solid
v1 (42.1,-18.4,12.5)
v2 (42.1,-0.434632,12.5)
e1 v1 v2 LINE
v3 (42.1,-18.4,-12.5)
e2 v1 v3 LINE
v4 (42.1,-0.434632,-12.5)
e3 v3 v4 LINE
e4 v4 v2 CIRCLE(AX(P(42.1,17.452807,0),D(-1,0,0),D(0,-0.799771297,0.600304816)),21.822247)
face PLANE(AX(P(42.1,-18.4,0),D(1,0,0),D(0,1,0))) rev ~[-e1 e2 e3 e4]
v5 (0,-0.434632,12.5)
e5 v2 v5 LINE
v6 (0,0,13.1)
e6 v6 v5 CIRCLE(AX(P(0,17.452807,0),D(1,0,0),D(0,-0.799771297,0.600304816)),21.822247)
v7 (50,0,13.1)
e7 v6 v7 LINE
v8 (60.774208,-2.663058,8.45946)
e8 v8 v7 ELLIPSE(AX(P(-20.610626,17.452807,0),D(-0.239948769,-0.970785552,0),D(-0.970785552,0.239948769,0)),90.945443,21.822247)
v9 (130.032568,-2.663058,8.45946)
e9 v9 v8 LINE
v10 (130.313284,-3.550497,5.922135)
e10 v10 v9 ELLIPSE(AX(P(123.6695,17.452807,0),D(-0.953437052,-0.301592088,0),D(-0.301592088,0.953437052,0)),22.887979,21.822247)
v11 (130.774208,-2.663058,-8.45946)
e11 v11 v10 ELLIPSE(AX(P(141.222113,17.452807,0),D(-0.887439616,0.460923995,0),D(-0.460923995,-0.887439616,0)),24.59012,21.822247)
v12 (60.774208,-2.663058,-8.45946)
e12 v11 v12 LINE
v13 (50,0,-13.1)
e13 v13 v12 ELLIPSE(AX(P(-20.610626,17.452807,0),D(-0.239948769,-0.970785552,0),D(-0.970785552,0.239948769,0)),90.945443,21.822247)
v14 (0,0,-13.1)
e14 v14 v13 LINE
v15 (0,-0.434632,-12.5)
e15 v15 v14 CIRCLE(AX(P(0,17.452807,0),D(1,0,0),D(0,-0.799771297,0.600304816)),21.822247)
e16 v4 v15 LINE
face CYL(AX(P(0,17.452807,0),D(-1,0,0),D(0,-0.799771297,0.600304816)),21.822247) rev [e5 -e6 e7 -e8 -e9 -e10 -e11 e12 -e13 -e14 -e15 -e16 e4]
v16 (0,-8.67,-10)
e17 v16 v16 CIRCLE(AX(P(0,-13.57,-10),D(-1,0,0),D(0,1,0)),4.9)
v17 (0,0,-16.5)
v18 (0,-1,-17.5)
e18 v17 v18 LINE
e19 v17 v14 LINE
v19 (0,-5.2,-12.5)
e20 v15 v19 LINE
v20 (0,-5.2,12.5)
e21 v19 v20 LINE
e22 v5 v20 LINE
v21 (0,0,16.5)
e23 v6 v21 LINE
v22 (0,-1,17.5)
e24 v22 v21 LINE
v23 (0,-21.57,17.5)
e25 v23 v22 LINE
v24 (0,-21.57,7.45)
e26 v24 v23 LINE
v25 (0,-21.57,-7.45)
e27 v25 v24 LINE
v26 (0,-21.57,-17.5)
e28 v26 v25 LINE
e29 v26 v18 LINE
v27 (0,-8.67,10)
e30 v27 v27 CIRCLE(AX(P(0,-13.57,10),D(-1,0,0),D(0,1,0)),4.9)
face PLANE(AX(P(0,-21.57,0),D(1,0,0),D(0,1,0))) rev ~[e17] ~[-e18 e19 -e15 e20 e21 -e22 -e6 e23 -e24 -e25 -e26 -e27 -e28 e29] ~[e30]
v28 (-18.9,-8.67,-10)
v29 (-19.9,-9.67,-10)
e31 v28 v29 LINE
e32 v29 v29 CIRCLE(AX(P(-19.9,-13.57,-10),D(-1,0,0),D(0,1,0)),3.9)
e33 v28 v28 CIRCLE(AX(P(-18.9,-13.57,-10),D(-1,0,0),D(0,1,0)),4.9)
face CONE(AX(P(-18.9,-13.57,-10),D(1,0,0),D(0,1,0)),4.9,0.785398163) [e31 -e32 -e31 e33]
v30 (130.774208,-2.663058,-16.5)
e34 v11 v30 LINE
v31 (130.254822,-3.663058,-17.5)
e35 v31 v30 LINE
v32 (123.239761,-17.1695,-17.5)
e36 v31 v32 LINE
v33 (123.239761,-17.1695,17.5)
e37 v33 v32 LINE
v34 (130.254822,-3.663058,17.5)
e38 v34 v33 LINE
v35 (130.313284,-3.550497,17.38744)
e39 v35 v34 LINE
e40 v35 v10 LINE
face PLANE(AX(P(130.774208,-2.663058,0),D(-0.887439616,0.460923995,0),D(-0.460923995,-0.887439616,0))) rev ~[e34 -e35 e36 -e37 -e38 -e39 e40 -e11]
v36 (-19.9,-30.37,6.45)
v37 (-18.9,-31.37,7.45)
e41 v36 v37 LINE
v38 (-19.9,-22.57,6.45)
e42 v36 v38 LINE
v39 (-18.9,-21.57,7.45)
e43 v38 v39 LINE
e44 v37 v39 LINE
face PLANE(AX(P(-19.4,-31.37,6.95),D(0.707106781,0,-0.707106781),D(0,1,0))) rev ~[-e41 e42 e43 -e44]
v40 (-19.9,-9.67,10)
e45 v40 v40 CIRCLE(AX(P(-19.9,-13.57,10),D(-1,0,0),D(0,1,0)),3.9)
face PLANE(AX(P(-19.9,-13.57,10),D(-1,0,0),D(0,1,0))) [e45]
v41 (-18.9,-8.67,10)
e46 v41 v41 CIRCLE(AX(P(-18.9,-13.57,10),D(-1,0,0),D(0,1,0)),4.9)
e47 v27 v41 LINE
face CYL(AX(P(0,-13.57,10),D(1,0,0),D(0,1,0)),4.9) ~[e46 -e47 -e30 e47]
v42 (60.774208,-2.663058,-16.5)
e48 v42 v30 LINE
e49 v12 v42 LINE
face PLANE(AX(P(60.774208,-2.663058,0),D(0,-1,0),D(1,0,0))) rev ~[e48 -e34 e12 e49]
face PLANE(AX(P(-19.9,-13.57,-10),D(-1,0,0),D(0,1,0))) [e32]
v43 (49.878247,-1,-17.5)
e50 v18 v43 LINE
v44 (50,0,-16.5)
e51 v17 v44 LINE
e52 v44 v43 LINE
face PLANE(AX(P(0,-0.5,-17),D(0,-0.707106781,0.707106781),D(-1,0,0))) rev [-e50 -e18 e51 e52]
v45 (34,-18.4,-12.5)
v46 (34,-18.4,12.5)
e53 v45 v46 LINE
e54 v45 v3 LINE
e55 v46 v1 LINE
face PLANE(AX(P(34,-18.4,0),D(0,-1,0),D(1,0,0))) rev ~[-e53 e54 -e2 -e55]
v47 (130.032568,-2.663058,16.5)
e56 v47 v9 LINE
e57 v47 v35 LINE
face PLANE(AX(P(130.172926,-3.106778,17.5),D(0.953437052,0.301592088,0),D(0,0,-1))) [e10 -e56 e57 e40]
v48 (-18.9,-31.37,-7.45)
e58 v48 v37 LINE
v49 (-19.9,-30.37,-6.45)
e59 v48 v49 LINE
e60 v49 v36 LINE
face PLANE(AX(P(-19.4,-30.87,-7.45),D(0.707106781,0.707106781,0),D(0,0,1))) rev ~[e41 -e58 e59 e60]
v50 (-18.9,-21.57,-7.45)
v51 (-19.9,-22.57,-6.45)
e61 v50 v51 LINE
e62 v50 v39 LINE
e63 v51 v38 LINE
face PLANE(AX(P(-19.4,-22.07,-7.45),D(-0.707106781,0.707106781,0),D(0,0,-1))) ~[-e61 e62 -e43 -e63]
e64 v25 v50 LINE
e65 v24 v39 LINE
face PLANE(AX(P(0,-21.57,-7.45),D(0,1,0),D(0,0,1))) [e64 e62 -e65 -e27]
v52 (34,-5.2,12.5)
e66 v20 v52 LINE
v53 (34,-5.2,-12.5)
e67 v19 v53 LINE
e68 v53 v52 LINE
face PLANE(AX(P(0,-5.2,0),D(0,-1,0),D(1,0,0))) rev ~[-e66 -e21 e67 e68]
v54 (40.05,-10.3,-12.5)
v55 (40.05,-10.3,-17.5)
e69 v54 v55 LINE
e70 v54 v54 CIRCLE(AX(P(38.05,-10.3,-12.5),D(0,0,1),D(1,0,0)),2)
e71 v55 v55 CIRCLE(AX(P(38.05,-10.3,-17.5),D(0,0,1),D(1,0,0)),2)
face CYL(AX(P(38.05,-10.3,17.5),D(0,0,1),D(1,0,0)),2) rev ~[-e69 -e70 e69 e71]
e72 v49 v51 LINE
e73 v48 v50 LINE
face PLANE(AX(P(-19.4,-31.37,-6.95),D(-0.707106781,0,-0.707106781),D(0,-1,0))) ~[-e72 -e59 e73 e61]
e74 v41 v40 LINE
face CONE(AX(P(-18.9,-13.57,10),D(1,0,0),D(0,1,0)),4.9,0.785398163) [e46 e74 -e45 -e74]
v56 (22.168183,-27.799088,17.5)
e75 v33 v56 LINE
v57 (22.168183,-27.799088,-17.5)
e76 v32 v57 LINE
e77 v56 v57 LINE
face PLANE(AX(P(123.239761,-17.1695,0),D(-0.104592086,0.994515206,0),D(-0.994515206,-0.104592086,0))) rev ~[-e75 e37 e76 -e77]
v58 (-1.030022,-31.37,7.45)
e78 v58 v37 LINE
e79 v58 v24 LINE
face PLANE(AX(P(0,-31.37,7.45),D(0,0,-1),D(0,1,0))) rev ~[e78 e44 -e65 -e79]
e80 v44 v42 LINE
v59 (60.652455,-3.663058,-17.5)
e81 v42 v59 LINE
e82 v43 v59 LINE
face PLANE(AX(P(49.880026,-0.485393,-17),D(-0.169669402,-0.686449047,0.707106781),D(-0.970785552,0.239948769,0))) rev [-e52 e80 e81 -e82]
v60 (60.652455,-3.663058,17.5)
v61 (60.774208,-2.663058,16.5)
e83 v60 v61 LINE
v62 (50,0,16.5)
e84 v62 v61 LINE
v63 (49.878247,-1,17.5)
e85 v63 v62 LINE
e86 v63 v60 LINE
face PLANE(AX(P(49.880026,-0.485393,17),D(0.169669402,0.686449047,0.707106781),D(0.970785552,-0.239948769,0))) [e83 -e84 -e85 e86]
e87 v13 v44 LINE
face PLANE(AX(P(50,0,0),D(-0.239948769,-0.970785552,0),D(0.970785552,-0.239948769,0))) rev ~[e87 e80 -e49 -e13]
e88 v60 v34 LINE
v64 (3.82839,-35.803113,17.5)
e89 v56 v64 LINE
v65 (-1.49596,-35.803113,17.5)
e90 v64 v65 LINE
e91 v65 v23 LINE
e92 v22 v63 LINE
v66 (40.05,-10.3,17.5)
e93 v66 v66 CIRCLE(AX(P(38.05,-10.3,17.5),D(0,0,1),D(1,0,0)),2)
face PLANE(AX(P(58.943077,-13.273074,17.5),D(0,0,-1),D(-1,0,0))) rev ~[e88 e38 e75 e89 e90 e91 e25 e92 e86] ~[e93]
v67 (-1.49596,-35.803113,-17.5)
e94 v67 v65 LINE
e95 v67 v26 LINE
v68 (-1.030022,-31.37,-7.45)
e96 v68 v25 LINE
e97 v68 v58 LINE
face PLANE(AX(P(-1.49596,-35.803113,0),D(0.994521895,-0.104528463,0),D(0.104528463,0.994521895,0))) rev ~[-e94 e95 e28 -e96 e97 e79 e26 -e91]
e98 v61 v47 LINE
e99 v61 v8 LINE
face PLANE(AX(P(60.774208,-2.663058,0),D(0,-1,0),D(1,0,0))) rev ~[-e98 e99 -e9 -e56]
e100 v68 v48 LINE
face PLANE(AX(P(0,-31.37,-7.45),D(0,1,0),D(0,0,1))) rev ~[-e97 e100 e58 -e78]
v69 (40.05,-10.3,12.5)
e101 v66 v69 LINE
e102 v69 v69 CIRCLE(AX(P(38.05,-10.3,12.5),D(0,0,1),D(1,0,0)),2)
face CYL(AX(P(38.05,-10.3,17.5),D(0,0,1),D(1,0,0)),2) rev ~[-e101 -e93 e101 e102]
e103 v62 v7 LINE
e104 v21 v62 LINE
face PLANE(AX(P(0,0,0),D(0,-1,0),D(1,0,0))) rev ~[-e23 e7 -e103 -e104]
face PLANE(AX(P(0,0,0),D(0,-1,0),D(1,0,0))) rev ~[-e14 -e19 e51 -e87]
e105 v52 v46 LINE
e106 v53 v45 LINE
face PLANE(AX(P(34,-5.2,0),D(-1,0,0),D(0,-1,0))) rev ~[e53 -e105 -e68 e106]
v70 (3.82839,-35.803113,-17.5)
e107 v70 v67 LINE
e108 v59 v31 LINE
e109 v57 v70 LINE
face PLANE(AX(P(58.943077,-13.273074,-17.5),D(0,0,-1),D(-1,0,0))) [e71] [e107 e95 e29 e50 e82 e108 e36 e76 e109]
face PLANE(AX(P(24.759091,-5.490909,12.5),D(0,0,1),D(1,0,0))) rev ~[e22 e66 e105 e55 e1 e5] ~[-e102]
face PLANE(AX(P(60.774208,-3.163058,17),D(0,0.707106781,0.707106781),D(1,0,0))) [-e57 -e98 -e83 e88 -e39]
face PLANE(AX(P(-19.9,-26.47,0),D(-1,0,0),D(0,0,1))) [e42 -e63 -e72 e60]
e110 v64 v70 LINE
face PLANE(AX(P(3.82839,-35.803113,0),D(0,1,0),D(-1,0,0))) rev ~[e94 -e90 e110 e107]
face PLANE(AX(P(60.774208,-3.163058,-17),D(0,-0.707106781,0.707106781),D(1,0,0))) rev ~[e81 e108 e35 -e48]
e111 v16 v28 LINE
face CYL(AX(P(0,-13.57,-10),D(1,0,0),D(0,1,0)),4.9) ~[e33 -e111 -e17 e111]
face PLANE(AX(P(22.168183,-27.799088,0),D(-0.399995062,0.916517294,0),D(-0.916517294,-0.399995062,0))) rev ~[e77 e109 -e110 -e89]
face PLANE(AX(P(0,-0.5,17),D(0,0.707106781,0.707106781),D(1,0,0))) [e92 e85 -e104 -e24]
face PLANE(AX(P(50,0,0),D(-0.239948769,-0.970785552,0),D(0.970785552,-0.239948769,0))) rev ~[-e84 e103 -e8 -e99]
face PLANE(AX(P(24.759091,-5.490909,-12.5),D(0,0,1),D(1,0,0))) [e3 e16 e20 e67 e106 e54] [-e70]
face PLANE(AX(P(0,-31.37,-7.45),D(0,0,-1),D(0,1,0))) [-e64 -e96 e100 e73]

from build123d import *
from OCP.BRepFilletAPI import BRepFilletAPI_MakeChamfer

# Parameters (mm, degrees)
EXTRUDE_1_DEPTH     = 17.5
CUT_EXTRUDE_1_DEPTH = 12.5
CUT_EXTRUDE_2_DEPTH = 135
CHAMFER_1_SIZE      = 1
CHAMFER_1_SIZE2     = 0.741639712
SKETCH_4_R          = 4.9
SKETCH_4_W          = 14.9
SKETCH_4_H          = 9.8
EXTRUDE_2_DEPTH     = 19.9
CHAMFER_2_SIZE      = 1
SKETCH_8_R          = 2
CUT_EXTRUDE_5_DEPTH = 141.031269382


with BuildPart() as part:
    # 스케치1 → 보스-돌출1 (new, symmetric)
    with BuildSketch(Plane.XY):
        Polygon((0, 0), (50, 0), (60.774208204, -2.663057759), (130.774208204, -2.663057759), (123.239760601, -17.169499956), (22.168183174, -27.799088209), (3.828389762, -35.803112621), (-1.495960418, -35.803112621), (0, -21.57), align=None)
    extrude(amount=EXTRUDE_1_DEPTH, both=True)

    # 스케치2 → 컷-돌출1 (cut, symmetric)
    with BuildSketch(Plane.XY):
        Polygon((0, 0), (0, -5.2), (34, -5.2), (34, -18.4), (42.1, -18.4), (42.1, 0), align=None)
    extrude(amount=CUT_EXTRUDE_1_DEPTH, both=True, mode=Mode.SUBTRACT)

    # 스케치3 → 컷-돌출2 (cut)
    with BuildSketch(Plane(origin=(0, 0, 0), x_dir=(0, 0, -1), z_dir=(1, 0, 0))):
        with BuildLine():
            Line((13.1, 0), (-13.1, 0))
            ThreePointArc((-13.1, 0), (0, -4.369440217), (13.1, 0))
        make_face()
    extrude(amount=CUT_EXTRUDE_2_DEPTH, mode=Mode.SUBTRACT)

    # 모따기1: one chamfer whose edges measure the first distance from different faces: ONE call of the kernel's chamfer builder (chamfer() names one face for all edges)
    chamfer_1_edges_1 = [part.edges().sort_by_distance(p)[0] for p in [
        (130.774208204, -2.663057759, 12.979729839),
    ]]
    chamfer_1_side_1 = [part.faces().sort_by_distance(p)[0] for p in [
        (126.871435624, -10.177257582, 0),
    ]]
    chamfer_1_edges_2 = [part.edges().sort_by_distance(p)[0] for p in [
        (95.774208204, -2.663057759, 17.5),
        (55.387104102, -1.331528879, 17.5),
        (25, 0, 17.5),
        (25, 0, -17.5),
        (55.387104102, -1.331528879, -17.5),
        (95.774208204, -2.663057759, -17.5),
    ]]
    chamfer_1 = BRepFilletAPI_MakeChamfer(part.part.solid().wrapped)
    for e in chamfer_1_edges_1:
        chamfer_1.Add(CHAMFER_1_SIZE, CHAMFER_1_SIZE2, e.wrapped, chamfer_1_side_1[0].wrapped)  # the first distance lies on this face
    for e in chamfer_1_edges_2:
        chamfer_1.Add(CHAMFER_1_SIZE, e.wrapped)
    add(Compound.cast(chamfer_1.Shape()), mode=Mode.REPLACE)

    # 스케치4 → 보스-돌출2 (add)
    with BuildSketch(Plane.ZY):
        with Locations(Location((10, -13.57, 0), (0, 0, 90))):
            Circle(SKETCH_4_R)
        with Locations(Location((-10, -13.57, 0), (0, 0, 90))):
            Circle(SKETCH_4_R)
        with Locations((0, -26.47)):
            Rectangle(SKETCH_4_W, SKETCH_4_H)
    extrude(amount=EXTRUDE_2_DEPTH)

    # 모따기2
    chamfer_2_edges = [part.edges().sort_by_distance(p)[0] for p in [
        (-19.9, -18.47, -10),
        (-19.9, -26.47, 7.45),
        (-19.9, -21.57, 0),
        (-19.9, -26.47, -7.45),
        (-19.9, -31.37, 0),
        (-19.9, -18.47, 10),
    ]]
    chamfer(chamfer_2_edges, length=CHAMFER_2_SIZE)

    # 스케치8 → 컷-돌출5 (cut, through all)
    with BuildSketch(Plane.XY.offset(17.5)):
        with Locations((38.05, -10.3)):
            Circle(SKETCH_8_R)
    extrude(amount=-CUT_EXTRUDE_5_DEPTH, mode=Mode.SUBTRACT)


solid = part.part
